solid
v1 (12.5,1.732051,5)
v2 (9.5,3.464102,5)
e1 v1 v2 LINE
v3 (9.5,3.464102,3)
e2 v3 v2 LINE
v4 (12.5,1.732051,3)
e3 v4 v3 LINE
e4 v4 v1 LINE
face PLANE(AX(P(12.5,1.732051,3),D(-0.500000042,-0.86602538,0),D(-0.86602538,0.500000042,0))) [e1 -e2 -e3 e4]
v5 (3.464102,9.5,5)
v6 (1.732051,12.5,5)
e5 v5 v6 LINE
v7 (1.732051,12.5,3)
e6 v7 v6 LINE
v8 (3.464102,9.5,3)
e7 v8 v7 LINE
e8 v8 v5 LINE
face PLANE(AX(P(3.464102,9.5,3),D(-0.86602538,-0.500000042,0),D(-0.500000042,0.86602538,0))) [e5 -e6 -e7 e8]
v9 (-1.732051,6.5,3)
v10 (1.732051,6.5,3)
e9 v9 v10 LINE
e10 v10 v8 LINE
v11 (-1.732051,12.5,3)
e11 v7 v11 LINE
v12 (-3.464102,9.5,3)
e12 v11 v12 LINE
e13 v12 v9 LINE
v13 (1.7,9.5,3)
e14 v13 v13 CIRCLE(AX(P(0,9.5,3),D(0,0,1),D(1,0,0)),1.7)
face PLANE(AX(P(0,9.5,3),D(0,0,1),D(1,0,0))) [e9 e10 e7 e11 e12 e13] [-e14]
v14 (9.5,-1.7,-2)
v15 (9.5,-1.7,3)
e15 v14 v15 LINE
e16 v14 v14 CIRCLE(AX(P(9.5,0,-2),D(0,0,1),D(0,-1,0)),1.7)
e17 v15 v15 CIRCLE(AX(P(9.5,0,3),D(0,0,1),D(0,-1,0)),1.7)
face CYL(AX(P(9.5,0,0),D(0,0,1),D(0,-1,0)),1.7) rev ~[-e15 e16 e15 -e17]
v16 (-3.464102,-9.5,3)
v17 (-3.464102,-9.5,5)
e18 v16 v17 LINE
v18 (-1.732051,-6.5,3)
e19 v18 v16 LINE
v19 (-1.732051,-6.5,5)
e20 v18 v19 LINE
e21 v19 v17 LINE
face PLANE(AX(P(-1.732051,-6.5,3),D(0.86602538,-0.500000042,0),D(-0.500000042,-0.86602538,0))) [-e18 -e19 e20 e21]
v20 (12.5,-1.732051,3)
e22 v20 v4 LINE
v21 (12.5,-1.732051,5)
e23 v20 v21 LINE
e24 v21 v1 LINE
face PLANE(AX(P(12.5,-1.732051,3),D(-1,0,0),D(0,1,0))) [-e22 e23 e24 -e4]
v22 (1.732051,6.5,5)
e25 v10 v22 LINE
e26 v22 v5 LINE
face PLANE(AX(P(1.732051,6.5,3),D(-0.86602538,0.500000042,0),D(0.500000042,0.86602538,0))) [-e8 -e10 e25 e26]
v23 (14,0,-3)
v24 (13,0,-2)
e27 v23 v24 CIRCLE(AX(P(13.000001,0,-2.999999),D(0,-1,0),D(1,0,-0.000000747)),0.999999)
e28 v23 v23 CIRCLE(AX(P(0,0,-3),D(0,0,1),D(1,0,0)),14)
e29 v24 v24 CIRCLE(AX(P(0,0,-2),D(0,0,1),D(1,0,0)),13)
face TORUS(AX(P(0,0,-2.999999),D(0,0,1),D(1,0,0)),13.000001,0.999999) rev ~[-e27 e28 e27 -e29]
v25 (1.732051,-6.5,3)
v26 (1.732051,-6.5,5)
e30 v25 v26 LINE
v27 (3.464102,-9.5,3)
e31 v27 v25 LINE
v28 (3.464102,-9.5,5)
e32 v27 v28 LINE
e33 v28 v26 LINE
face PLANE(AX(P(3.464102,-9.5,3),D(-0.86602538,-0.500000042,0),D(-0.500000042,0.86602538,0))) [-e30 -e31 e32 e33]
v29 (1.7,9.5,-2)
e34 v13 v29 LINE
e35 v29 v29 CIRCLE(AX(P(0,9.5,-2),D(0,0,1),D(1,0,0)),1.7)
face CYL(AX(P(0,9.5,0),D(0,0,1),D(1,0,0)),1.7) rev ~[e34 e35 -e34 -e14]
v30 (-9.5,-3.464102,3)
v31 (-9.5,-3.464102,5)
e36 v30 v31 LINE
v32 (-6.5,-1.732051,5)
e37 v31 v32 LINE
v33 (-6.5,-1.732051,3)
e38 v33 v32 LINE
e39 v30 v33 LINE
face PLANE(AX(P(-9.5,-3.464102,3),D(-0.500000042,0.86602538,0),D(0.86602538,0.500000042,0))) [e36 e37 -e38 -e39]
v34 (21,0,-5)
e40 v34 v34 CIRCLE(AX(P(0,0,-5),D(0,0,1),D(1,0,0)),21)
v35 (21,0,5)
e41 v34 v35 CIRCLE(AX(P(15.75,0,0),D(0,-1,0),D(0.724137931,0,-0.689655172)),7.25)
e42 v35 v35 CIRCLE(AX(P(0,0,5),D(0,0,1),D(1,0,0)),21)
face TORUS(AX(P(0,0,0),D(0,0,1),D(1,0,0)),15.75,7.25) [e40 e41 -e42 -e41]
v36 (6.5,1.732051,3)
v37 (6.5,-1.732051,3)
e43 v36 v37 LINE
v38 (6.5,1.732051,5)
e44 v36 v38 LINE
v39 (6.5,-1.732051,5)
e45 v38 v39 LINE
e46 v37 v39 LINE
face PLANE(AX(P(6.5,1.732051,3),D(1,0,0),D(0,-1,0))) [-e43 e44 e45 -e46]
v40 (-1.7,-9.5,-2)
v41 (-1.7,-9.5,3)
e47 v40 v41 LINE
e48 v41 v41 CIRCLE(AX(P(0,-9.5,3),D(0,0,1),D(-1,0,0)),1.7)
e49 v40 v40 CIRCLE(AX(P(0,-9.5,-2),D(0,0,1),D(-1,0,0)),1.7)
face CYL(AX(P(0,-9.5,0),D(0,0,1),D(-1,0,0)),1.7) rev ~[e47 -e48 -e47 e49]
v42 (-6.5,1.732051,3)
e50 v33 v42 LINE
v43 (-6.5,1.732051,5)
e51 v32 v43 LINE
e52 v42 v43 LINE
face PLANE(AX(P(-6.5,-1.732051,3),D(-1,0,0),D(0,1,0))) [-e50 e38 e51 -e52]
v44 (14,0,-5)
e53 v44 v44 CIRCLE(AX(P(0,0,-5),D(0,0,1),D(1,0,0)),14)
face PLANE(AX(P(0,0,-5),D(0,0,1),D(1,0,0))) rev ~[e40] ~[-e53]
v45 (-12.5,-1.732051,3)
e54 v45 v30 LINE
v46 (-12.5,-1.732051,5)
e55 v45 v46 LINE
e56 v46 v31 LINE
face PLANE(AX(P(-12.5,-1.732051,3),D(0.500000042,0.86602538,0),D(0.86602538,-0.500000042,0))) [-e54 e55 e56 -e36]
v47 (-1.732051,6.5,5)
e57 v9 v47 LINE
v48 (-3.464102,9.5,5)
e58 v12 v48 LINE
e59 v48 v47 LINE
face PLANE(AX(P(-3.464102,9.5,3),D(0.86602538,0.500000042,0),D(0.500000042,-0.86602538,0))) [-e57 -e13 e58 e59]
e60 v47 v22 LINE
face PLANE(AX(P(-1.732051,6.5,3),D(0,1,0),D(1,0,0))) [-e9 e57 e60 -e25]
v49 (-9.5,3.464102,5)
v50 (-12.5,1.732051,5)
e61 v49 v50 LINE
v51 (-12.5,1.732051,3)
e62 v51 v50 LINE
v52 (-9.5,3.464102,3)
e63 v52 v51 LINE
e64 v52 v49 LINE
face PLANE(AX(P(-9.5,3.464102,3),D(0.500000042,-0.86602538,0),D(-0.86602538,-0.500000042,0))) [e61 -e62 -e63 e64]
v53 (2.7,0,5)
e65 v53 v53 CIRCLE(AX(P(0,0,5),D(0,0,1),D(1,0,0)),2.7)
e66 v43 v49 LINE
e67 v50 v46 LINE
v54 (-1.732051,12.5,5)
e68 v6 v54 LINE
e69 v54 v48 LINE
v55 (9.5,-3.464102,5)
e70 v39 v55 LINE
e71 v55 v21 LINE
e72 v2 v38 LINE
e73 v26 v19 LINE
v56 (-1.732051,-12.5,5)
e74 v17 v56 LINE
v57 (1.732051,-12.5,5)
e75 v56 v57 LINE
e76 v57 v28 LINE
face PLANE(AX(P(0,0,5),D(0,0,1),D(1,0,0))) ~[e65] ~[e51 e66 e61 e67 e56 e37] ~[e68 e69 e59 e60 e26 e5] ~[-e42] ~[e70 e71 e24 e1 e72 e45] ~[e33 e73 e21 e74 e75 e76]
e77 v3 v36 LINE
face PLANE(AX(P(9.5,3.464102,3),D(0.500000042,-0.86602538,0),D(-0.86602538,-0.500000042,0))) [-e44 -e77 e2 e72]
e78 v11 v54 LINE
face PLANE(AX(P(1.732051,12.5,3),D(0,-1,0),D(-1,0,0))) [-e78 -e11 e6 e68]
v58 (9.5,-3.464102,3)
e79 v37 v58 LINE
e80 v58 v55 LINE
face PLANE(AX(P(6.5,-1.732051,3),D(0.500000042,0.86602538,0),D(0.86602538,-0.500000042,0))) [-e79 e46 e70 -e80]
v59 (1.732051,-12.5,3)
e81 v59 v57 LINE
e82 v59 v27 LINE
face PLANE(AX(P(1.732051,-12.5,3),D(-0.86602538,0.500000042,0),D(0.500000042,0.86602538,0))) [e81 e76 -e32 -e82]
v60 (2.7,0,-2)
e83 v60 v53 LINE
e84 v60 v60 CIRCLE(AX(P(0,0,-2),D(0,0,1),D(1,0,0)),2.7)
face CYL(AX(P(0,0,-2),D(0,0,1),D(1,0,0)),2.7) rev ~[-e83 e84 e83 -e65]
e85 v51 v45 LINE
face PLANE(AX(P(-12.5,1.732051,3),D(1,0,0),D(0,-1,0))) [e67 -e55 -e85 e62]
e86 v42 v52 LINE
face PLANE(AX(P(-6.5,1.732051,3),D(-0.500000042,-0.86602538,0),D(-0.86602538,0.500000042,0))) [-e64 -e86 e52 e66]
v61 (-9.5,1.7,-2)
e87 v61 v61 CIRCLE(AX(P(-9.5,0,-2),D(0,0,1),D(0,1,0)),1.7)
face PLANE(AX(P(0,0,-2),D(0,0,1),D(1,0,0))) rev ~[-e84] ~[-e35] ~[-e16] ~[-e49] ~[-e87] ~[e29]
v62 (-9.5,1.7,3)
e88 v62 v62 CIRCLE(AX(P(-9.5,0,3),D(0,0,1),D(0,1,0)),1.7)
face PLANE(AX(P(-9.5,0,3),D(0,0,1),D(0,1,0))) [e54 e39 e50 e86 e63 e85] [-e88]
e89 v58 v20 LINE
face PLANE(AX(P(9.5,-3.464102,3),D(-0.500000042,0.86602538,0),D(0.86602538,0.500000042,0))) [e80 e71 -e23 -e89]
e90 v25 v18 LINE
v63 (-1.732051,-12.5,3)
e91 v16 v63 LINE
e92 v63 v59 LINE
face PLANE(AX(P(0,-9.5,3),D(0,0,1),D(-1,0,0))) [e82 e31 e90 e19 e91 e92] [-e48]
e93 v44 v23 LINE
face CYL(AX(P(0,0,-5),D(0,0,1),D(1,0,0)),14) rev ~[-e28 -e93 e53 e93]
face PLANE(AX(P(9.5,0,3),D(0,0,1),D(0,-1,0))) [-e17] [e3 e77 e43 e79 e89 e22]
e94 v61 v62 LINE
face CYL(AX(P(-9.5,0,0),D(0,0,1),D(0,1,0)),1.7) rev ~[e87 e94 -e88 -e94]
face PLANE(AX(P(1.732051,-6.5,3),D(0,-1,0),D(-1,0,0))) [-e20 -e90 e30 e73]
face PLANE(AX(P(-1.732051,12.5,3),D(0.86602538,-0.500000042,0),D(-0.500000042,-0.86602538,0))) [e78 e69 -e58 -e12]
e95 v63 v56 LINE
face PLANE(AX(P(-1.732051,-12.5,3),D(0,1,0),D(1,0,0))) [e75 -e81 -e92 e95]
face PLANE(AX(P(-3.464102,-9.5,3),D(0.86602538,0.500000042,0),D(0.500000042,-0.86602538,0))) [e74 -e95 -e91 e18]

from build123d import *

# Parameters (mm, degrees)
SKETCH001_R        = 1.7
POCKET_DEPTH       = 136.636862
POCKET_DEPTH_BACK  = 136.636862
POCKET001_DEPTH    = 133.636862
POLARPATTERN_COUNT = 4


with BuildPart() as part:
    # Sketch → Revolution (revolve)
    with BuildSketch(Plane.XZ):
        with BuildLine():
            Line((14, -5), (14, -3))
            ThreePointArc((14, -3), (13.707107, -2.292893), (13, -2))
            Line((13, -2), (2.7, -2))
            Line((2.7, -2), (2.7, 5))
            Line((2.7, 5), (21, 5))
            ThreePointArc((21, -5), (23, 0), (21, 5))
            Line((21, -5), (14, -5))
        make_face()
    revolve(axis=Axis((0, 0, 0), (0, 0, 1)))

    # Sketch001 → Pocket (cut, two sides)
    with BuildSketch(Plane(origin=(0, 9.5, 0), x_dir=(1, 0, 0), z_dir=(0, 0, 1))) as pocket_sk:
        Circle(SKETCH001_R)
    pocket = extrude(amount=-POCKET_DEPTH, mode=Mode.SUBTRACT) + extrude(pocket_sk.sketch, amount=POCKET_DEPTH_BACK, mode=Mode.SUBTRACT)

    # Sketch002 (on Sketch) → Pocket001 (cut, through all)
    with BuildSketch(Plane(origin=(0, 9.5, 3), x_dir=(1, 0, 0), z_dir=(0, 0, 1))):
        Polygon((1.732051, -3), (3.464102, 0), (1.732051, 3), (-1.732051, 3), (-3.464102, 0), (-1.732051, -3), align=None)
    pocket001 = extrude(amount=POCKET001_DEPTH, mode=Mode.SUBTRACT)

    # PolarPattern: Pocket, Pocket001 ×4 about axis
    polarpattern_axis = Axis((0, 0, 0), (0, 0, 1))
    for i in range(1, POLARPATTERN_COUNT):
        add(pocket.rotate(polarpattern_axis, i * 360 / POLARPATTERN_COUNT), mode=Mode.SUBTRACT)
        add(pocket001.rotate(polarpattern_axis, i * 360 / POLARPATTERN_COUNT), mode=Mode.SUBTRACT)


solid = part.part
